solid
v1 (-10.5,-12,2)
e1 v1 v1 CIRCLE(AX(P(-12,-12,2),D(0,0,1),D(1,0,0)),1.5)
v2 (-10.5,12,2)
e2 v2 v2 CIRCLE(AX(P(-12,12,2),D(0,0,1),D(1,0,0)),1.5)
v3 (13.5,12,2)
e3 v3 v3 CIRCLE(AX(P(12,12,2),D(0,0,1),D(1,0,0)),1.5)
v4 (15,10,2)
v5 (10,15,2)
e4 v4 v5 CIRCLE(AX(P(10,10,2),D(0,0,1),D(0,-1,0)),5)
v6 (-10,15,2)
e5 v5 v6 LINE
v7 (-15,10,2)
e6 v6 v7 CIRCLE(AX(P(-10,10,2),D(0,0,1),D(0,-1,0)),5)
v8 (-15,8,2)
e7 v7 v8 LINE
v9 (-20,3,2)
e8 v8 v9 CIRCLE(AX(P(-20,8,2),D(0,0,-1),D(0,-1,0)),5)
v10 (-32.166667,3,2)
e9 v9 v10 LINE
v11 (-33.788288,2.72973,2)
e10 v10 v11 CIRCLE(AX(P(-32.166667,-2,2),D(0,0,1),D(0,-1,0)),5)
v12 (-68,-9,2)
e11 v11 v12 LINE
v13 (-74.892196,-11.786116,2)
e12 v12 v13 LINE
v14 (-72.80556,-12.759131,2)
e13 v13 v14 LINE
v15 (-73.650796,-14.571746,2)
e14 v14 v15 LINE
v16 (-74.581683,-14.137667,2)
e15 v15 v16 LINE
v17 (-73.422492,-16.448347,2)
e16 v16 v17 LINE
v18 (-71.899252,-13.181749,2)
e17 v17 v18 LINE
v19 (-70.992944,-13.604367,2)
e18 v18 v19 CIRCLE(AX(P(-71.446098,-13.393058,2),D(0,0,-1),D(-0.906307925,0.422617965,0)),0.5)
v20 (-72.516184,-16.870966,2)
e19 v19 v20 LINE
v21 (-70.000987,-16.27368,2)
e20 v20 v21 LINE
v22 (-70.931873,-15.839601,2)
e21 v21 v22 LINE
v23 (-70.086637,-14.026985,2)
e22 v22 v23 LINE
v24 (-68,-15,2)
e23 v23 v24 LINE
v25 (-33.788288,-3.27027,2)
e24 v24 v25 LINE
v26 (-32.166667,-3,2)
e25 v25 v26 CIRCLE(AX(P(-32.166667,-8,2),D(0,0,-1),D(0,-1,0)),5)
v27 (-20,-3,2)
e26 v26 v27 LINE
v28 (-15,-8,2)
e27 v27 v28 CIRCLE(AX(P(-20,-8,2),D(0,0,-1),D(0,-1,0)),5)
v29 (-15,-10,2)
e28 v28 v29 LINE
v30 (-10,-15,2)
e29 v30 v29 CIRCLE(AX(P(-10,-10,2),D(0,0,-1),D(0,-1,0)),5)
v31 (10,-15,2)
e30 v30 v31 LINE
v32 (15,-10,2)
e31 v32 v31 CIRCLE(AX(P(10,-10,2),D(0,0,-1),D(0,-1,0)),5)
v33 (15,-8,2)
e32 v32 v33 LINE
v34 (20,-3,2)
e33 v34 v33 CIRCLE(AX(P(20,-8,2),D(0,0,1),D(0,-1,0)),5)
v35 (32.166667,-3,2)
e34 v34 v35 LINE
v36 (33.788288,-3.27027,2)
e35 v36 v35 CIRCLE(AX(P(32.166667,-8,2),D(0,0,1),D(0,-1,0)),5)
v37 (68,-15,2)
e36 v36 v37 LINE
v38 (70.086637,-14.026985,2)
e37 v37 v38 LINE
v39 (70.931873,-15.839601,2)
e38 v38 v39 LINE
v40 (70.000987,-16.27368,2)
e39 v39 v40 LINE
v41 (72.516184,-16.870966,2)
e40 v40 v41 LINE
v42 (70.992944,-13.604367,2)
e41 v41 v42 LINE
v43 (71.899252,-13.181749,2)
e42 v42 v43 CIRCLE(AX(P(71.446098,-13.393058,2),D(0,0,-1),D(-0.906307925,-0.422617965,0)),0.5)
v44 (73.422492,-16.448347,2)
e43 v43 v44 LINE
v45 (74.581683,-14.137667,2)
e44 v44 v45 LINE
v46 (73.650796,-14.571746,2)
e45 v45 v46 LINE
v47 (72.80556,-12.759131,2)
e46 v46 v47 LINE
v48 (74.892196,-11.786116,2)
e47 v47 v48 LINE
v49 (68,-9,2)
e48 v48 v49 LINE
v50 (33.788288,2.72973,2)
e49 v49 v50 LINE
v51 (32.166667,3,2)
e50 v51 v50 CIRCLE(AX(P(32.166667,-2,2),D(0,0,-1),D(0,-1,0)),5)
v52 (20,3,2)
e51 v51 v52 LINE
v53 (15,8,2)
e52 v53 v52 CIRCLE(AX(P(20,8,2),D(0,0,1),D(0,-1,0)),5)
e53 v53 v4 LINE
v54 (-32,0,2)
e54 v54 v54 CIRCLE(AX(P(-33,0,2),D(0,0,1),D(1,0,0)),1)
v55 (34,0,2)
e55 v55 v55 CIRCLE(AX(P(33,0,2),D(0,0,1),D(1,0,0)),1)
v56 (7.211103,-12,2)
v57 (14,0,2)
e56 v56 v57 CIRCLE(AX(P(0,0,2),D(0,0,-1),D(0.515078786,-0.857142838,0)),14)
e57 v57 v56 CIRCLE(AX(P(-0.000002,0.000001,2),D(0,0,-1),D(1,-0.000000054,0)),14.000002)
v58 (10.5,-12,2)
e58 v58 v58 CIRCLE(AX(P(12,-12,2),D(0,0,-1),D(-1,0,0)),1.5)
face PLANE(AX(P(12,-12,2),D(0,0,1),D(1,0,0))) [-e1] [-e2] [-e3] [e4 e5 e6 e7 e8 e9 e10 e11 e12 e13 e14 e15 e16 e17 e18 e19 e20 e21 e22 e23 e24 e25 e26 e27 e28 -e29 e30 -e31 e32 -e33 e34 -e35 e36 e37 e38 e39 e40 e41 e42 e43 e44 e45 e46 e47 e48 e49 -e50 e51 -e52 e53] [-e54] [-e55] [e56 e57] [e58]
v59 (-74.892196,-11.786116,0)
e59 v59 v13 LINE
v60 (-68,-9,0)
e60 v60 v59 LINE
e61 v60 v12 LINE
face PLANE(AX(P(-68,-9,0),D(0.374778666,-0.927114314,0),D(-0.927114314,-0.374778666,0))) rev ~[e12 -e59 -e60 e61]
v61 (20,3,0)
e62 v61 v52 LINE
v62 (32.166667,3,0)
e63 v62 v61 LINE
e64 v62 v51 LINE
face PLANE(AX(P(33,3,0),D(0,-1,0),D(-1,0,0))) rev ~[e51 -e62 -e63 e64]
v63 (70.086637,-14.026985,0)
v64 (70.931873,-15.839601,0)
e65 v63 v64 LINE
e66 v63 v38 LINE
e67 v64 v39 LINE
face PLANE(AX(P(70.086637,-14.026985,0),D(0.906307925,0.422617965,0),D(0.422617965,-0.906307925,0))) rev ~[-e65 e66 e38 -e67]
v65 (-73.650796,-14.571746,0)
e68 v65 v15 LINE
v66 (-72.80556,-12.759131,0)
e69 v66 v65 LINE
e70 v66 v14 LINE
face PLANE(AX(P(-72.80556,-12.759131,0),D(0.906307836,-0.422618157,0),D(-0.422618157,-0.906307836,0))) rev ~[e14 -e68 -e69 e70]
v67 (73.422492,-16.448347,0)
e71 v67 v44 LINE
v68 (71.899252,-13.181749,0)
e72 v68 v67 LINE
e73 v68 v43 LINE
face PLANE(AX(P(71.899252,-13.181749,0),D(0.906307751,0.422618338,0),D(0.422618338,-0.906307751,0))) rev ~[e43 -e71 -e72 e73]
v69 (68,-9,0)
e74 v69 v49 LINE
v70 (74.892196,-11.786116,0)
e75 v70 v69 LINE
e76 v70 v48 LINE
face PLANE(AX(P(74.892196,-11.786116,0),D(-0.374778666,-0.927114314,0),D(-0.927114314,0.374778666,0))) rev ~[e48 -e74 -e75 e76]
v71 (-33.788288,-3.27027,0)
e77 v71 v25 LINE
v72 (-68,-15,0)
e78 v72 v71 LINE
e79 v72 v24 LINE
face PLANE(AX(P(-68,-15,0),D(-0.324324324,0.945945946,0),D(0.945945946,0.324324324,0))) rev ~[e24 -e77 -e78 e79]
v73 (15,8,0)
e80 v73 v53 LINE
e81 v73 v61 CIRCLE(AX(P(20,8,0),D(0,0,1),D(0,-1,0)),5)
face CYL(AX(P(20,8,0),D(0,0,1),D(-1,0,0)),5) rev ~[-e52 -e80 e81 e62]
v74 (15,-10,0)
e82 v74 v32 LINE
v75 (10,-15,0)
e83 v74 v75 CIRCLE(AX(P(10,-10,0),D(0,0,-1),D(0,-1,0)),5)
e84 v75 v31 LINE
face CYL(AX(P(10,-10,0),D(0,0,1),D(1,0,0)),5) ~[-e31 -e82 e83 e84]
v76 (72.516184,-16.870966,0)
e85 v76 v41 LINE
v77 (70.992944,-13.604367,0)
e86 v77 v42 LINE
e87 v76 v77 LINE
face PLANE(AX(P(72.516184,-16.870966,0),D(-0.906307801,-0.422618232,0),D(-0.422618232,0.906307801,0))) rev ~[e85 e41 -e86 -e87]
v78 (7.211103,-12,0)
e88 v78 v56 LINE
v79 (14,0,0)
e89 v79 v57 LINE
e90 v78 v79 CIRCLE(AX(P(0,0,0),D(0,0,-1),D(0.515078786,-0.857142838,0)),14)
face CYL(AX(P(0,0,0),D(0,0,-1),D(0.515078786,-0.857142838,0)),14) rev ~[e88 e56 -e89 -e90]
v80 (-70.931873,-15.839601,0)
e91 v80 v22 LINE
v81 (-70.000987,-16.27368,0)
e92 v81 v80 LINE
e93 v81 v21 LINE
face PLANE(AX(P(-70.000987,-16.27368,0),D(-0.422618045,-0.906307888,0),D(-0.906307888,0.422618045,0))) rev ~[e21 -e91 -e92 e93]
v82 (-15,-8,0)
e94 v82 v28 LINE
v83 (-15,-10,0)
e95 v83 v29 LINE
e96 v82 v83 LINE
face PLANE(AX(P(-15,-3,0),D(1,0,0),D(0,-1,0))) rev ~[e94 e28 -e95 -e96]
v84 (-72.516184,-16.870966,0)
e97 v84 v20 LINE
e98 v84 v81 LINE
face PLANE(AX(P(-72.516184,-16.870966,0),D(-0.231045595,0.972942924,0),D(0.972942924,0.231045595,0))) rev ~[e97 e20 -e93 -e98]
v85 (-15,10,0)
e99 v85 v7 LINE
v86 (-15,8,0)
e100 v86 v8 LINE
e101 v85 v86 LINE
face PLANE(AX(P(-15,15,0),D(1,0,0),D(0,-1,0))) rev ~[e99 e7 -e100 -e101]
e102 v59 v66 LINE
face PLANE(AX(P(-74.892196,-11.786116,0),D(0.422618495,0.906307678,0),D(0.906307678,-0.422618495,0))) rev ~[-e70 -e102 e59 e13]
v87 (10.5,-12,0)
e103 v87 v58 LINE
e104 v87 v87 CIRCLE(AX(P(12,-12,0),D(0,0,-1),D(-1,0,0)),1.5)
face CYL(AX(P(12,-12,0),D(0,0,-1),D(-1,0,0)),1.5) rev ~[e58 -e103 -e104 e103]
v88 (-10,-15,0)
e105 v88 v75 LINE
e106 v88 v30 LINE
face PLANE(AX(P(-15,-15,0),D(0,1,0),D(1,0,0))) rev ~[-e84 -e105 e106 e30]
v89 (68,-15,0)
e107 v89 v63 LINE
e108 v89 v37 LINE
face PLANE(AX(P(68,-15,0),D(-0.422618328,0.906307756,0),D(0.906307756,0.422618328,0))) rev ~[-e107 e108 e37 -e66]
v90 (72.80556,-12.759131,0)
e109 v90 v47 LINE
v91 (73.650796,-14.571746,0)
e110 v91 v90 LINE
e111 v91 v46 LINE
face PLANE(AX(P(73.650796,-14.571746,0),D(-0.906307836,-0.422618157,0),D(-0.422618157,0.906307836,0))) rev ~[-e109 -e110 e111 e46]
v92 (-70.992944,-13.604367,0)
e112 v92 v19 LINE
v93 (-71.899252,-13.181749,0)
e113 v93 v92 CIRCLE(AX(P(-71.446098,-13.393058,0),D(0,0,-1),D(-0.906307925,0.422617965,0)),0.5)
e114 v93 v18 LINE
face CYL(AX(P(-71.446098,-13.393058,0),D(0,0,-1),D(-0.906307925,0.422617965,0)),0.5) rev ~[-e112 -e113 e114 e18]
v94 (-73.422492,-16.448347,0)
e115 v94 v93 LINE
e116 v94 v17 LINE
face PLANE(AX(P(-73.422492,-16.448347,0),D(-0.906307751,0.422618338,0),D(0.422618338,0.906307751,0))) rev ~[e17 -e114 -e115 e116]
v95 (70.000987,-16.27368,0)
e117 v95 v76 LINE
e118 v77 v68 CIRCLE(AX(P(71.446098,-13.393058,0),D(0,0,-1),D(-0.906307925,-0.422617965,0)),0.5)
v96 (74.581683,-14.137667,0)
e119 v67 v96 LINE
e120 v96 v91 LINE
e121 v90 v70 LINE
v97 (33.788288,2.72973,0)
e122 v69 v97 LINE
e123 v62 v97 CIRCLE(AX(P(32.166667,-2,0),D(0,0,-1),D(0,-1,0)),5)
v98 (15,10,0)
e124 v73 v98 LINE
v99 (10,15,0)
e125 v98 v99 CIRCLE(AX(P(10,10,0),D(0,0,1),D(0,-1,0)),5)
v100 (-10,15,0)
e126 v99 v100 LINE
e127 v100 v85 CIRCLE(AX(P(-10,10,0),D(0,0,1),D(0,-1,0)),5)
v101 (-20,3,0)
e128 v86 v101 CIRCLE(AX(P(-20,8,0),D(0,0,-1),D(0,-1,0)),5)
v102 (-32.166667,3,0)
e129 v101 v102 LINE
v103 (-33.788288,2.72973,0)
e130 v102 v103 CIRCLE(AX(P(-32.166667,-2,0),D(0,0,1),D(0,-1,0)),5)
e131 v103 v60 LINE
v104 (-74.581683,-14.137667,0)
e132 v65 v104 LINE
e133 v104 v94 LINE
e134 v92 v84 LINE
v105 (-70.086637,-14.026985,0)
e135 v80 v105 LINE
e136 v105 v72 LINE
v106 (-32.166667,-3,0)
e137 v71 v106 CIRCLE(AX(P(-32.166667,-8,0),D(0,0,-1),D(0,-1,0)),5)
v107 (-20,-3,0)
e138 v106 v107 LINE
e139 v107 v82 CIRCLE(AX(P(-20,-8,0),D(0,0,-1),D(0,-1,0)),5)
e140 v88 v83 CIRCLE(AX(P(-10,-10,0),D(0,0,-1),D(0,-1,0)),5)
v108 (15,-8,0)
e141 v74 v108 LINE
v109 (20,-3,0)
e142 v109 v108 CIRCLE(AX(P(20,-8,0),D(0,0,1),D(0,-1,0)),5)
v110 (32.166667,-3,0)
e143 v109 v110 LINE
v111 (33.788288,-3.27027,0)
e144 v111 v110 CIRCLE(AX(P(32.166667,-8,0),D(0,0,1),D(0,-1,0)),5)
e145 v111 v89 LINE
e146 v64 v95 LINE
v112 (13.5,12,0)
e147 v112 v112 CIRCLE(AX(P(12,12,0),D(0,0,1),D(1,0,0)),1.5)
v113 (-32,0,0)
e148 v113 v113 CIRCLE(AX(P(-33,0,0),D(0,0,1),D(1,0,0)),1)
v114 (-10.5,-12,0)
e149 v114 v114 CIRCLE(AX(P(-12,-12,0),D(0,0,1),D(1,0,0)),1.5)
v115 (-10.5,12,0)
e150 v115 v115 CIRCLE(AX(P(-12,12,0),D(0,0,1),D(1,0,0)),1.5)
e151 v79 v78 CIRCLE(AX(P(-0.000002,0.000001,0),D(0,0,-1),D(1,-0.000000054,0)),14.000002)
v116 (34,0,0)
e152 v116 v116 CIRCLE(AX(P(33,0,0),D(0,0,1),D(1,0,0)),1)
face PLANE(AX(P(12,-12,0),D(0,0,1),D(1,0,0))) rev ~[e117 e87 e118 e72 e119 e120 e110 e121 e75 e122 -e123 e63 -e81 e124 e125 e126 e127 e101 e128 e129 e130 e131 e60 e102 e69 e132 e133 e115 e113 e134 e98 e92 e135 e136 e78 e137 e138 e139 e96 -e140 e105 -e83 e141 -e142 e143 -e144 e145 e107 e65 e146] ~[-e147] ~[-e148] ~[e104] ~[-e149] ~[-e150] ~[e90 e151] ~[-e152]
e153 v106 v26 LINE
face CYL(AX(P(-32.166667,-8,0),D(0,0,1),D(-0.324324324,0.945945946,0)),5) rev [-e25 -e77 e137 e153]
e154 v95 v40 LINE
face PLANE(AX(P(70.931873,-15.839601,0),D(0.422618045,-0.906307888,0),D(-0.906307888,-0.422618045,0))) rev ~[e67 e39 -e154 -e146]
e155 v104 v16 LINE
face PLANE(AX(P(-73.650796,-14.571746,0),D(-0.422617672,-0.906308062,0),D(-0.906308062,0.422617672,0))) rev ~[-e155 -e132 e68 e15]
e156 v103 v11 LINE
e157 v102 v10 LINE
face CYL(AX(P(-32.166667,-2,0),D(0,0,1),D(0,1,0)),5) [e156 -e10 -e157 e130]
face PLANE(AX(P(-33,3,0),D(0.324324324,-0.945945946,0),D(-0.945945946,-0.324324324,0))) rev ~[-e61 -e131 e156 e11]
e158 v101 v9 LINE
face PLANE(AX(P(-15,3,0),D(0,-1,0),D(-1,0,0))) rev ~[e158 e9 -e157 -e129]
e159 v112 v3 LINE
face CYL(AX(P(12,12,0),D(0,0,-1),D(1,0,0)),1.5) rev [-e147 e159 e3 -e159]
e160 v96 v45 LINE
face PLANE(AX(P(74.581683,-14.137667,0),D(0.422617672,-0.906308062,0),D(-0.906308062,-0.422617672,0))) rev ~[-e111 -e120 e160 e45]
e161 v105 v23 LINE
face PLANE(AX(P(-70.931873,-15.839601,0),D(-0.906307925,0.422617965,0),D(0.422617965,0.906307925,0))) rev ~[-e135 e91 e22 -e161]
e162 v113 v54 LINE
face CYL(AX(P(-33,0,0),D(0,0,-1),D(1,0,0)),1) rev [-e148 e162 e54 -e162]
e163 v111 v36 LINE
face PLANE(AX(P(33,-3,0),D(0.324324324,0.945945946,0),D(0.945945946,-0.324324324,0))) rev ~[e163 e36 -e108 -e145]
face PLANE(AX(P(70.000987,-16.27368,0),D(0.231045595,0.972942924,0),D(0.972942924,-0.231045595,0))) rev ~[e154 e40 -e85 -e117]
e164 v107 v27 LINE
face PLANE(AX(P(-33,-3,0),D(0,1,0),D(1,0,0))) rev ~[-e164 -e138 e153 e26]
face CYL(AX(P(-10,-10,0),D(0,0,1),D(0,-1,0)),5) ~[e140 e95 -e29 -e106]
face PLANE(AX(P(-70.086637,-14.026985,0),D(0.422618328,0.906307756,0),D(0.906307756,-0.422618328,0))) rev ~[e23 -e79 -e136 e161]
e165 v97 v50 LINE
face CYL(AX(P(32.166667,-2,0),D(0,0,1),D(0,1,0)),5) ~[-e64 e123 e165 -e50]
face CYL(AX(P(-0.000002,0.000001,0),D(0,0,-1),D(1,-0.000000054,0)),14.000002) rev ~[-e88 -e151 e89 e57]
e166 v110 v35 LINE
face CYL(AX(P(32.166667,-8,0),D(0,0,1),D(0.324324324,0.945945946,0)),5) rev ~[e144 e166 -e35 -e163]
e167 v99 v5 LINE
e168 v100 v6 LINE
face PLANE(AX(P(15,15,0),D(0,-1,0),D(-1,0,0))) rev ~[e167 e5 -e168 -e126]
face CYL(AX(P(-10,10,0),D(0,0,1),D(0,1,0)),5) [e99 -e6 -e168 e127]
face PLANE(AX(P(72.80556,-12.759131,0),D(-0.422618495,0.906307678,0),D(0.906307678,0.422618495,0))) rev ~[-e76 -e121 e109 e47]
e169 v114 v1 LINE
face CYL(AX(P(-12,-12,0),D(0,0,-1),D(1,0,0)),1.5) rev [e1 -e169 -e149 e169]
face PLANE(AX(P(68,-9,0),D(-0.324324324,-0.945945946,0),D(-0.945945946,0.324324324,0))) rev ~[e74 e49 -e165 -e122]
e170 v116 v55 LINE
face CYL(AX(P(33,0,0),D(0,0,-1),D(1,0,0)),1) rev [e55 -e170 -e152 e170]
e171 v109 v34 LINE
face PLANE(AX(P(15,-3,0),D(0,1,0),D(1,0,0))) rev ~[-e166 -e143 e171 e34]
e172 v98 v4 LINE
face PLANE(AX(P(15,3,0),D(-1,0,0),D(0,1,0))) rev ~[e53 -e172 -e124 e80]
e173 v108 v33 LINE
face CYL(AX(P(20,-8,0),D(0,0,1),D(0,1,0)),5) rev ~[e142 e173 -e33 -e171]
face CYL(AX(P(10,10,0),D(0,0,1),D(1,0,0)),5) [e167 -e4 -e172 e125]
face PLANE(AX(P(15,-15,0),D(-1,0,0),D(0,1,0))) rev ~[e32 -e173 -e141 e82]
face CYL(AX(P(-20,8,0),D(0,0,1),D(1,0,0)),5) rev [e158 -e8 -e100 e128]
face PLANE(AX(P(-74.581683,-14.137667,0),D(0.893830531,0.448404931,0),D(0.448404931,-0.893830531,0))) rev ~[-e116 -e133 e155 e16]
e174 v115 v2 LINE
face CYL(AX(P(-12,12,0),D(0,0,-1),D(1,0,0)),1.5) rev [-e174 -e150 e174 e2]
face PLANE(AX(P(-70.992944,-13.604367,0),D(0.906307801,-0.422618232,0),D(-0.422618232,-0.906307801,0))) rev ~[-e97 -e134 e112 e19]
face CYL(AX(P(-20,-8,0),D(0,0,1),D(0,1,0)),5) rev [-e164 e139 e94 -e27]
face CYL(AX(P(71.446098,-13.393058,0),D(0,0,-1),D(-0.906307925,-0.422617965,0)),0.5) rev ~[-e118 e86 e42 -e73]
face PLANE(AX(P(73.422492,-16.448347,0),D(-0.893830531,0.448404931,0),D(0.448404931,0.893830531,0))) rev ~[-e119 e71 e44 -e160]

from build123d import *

# Parameters (mm, degrees)
F0_R     = 1.5
F0_R_2   = 1
F1_DEPTH = 2
F2_R     = 5


with BuildPart() as f1:
    # F0 (on Top) → F1 (new body)
    with BuildSketch(Plane.XY):
        with BuildLine():
            ThreePointArc((13.5, -12), (12, -10.5), (10.5, -12))
            ThreePointArc((10.5, -12), (12, -13.5), (13.5, -12))
        make_face()
        with BuildLine():
            Line((15, 3), (15, 15))
            Line((15, 15), (-15, 15))
            Line((-15, 15), (-15, 3))
            Line((-15, 3), (-33, 3))
            Line((-33, 3), (-68, -9))
            Line((-68, -9), (-74.892196, -11.786116))
            Line((-74.892196, -11.786116), (-72.80556, -12.759131))
            Line((-72.80556, -12.759131), (-73.650796, -14.571746))
            Line((-73.650796, -14.571746), (-74.581683, -14.137667))
            Line((-74.581683, -14.137667), (-73.422492, -16.448347))
            Line((-73.422492, -16.448347), (-71.899252, -13.181749))
            ThreePointArc((-71.899252, -13.181749), (-71.234789, -12.939904), (-70.992944, -13.604367))
            Line((-70.992944, -13.604367), (-72.516184, -16.870966))
            Line((-72.516184, -16.870966), (-70.000987, -16.27368))
            Line((-70.000987, -16.27368), (-70.931873, -15.839601))
            Line((-70.931873, -15.839601), (-70.086637, -14.026985))
            Line((-70.086637, -14.026985), (-68, -15))
            Line((-68, -15), (-33, -3))
            Line((-33, -3), (-15, -3))
            Line((-15, -3), (-15, -15))
            Line((-15, -15), (15, -15))
            Line((15, -15), (15, -3))
            Line((15, -3), (33, -3))
            Line((33, -3), (68, -15))
            Line((68, -15), (70.086637, -14.026985))
            Line((70.086637, -14.026985), (70.931873, -15.839601))
            Line((70.931873, -15.839601), (70.000987, -16.27368))
            Line((70.000987, -16.27368), (72.516184, -16.870966))
            Line((72.516184, -16.870966), (70.992944, -13.604367))
            ThreePointArc((70.992944, -13.604367), (71.234789, -12.939904), (71.899252, -13.181749))
            Line((71.899252, -13.181749), (73.422492, -16.448347))
            Line((73.422492, -16.448347), (74.581683, -14.137667))
            Line((74.581683, -14.137667), (73.650796, -14.571746))
            Line((73.650796, -14.571746), (72.80556, -12.759131))
            Line((72.80556, -12.759131), (74.892196, -11.786116))
            Line((74.892196, -11.786116), (68, -9))
            Line((68, -9), (33, 3))
            Line((33, 3), (15, 3))
        make_face()
        with Locations((-12, -12)):
            Circle(F0_R, mode=Mode.SUBTRACT)
        with BuildLine():
            ThreePointArc((13.5, -12), (12, -13.5), (10.5, -12))
            ThreePointArc((10.5, -12), (12, -10.5), (13.5, -12))
        make_face(mode=Mode.SUBTRACT)
        with Locations((-33, 0)):
            Circle(F0_R_2, mode=Mode.SUBTRACT)
        with Locations((-12, 12)):
            Circle(F0_R, mode=Mode.SUBTRACT)
        with BuildLine():
            ThreePointArc((14, 0), (12.185143, -6.893641), (7.211103, -12))
            ThreePointArc((7.211103, -12), (-12.185143, 6.893641), (14, 0))
        make_face(mode=Mode.SUBTRACT)
        with Locations((33, 0)):
            Circle(F0_R_2, mode=Mode.SUBTRACT)
        with Locations((12, 12)):
            Circle(F0_R, mode=Mode.SUBTRACT)
    extrude(amount=F1_DEPTH)

    # F2
    f2_edges = [f1.edges().sort_by_distance(p)[0] for p in [
        (33, -3, 1),
        (33, 3, 1),
        (15, 3, 1),
        (15, -3, 1),
        (15, -15, 1),
        (15, 15, 1),
        (-15, 15, 1),
        (-33, 3, 1),
        (-15, -15, 1),
        (-33, -3, 1),
        (-15, -3, 1),
        (-15, 3, 1),
    ]]
    fillet(f2_edges, radius=F2_R)


solid = f1.part
